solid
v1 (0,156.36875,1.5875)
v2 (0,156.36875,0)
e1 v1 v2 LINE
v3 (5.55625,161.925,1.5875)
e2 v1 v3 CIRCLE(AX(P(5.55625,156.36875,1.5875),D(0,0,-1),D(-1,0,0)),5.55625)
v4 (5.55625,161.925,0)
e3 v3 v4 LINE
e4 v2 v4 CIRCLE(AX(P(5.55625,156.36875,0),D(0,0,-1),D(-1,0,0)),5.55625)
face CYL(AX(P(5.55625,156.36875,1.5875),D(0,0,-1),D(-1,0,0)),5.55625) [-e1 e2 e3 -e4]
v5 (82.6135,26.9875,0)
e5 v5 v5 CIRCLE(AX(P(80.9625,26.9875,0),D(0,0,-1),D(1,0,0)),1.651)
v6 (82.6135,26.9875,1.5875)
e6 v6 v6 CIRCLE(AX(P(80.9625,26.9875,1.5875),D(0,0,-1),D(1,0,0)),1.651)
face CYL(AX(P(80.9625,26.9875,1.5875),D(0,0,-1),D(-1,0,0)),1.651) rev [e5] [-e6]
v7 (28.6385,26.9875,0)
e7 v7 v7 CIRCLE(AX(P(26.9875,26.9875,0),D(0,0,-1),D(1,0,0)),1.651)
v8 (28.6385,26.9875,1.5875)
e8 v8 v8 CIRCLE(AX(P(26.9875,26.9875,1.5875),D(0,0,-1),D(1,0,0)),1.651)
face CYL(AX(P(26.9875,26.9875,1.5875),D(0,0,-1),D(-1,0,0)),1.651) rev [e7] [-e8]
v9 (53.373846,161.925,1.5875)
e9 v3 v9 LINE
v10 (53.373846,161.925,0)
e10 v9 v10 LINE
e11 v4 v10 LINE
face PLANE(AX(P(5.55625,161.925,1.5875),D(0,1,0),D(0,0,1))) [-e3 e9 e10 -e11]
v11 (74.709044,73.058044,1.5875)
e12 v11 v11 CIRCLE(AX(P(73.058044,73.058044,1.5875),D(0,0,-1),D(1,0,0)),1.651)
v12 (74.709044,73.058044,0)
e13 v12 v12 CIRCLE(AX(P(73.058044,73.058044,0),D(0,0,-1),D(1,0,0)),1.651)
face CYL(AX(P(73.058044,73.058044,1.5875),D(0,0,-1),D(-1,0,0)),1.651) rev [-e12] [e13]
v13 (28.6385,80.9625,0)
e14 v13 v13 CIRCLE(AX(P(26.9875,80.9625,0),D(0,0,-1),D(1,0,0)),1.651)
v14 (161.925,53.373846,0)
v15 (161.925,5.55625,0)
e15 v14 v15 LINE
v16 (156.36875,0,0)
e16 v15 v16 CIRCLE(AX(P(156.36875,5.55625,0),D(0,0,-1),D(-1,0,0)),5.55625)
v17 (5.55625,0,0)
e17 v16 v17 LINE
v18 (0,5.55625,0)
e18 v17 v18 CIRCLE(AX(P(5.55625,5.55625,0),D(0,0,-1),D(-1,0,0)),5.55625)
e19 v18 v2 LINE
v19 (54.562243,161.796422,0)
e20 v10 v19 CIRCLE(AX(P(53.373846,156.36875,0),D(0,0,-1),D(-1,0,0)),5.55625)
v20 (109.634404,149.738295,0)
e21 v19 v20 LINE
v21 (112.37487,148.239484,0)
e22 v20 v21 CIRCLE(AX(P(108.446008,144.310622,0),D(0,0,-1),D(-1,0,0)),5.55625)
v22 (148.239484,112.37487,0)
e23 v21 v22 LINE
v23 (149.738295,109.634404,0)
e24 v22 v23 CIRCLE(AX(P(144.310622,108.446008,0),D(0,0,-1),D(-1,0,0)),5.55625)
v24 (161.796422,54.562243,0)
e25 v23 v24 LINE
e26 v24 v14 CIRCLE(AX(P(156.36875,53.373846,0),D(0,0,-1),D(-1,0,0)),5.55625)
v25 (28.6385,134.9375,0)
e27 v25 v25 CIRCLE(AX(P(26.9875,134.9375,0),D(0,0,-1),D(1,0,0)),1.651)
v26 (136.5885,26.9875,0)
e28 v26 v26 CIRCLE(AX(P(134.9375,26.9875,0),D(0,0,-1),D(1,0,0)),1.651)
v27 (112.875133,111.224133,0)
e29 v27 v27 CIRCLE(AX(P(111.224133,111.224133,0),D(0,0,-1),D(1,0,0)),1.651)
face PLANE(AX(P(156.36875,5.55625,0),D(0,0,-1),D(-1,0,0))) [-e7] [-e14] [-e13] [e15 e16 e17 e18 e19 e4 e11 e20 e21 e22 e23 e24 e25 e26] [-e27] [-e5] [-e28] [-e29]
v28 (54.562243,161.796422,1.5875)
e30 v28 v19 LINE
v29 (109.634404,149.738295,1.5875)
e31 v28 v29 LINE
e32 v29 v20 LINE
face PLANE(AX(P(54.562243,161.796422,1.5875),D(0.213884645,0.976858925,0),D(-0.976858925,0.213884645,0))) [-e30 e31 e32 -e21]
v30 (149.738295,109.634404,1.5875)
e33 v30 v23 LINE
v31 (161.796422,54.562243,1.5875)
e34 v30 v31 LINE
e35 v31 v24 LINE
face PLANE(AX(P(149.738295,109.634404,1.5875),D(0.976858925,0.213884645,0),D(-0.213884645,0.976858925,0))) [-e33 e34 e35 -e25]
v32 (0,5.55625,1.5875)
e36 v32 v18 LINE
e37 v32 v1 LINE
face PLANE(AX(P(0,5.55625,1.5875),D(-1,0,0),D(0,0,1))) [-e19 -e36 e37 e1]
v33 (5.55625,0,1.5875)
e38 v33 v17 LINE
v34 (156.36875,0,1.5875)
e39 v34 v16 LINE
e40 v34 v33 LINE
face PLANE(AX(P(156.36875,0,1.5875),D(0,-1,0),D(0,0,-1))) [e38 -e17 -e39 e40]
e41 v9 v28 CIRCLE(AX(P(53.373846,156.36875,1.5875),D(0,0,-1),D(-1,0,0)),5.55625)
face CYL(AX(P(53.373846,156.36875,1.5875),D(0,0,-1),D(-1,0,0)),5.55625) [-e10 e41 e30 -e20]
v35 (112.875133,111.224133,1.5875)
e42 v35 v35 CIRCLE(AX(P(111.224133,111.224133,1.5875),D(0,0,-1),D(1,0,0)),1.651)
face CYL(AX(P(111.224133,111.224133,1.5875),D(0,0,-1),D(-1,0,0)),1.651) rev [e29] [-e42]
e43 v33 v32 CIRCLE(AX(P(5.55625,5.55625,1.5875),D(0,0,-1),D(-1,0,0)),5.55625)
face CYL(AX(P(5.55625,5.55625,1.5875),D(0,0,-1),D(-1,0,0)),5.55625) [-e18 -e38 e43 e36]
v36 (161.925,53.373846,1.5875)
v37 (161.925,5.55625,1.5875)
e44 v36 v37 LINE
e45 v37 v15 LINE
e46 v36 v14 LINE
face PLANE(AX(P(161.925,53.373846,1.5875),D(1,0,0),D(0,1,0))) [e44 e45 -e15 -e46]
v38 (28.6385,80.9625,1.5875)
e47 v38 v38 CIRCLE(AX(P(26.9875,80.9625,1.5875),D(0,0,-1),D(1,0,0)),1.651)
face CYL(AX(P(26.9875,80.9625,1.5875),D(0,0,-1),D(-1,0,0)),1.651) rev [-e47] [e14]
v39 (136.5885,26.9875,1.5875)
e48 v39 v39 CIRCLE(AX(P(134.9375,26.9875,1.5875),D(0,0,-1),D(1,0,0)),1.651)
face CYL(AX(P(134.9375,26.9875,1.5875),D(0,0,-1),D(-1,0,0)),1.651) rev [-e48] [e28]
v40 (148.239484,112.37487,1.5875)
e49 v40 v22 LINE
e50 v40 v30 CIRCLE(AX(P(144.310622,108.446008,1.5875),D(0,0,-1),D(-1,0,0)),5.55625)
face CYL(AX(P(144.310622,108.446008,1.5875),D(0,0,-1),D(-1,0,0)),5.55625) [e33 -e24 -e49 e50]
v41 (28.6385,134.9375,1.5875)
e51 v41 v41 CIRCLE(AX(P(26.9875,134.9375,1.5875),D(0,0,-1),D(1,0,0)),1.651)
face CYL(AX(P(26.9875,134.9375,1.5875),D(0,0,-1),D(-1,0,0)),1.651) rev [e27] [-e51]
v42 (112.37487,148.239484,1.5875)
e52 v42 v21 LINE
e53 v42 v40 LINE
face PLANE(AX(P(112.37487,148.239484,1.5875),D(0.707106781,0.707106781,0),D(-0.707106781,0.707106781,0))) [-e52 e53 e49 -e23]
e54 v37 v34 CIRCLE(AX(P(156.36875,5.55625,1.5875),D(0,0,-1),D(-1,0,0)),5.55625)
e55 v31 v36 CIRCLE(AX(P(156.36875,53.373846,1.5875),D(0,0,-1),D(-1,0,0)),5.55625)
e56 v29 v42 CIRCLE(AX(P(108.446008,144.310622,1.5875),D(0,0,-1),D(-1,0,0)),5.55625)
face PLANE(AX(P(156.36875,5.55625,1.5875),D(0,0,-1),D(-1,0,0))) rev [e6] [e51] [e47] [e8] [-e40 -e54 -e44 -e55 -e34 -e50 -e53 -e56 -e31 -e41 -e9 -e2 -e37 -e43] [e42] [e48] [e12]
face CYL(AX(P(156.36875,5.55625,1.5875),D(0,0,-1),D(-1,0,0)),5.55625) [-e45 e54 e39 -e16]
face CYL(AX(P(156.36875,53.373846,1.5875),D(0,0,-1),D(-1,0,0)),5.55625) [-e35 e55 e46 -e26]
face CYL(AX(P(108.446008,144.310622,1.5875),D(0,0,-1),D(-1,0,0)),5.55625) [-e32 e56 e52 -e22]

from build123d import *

# Parameters (mm, degrees)
SKETCH1_R           = 1.651
BOSS_EXTRUDE1_DEPTH = 1.5875


with BuildPart() as part:
    # Sketch1 → Boss-Extrude1 (new body)
    with BuildSketch(Plane(origin=(0, 0, 0), x_dir=(-1, 0, 0), z_dir=(0, 0, -1))):
        with BuildLine():
            Line((-156.36875, 0), (-5.55625, 0))
            ThreePointArc((-5.55625, 0), (-1.627387947, 1.627387947), (0, 5.55625))
            Line((0, 5.55625), (0, 156.368750002))
            ThreePointArc((0, 156.368750002), (-1.627387947, 160.297612055), (-5.55625, 161.925000002))
            Line((-5.55625, 161.925000002), (-53.373846022, 161.925000002))
            ThreePointArc((-53.373846022, 161.925000002), (-53.971512021, 161.892762078), (-54.562242583, 161.796422402))
            Line((-54.562242583, 161.796422402), (-109.634404321, 149.738294575))
            ThreePointArc((-109.634404321, 149.738294575), (-111.112127046, 149.185426993), (-112.374869815, 148.239484227))
            Line((-112.374869815, 148.239484227), (-148.239484217, 112.374869825))
            ThreePointArc((-148.239484217, 112.374869825), (-149.185426983, 111.112127057), (-149.738294565, 109.634404332))
            Line((-149.738294565, 109.634404332), (-161.796422399, 54.562242596))
            ThreePointArc((-161.796422399, 54.562242596), (-161.892762076, 53.971512033), (-161.925, 53.373846033))
            Line((-161.925, 53.373846033), (-161.925, 5.55625))
            ThreePointArc((-161.925, 5.55625), (-160.297612053, 1.627387947), (-156.36875, 0))
        make_face()
        with Locations((-26.9875, 134.9375)):
            Circle(SKETCH1_R, mode=Mode.SUBTRACT)
        with Locations((-26.9875, 80.9625)):
            Circle(SKETCH1_R, mode=Mode.SUBTRACT)
        with Locations((-26.9875, 26.9875)):
            Circle(SKETCH1_R, mode=Mode.SUBTRACT)
        with Locations((-134.9375, 26.9875)):
            Circle(SKETCH1_R, mode=Mode.SUBTRACT)
        with Locations((-73.058044257, 73.058044257)):
            Circle(SKETCH1_R, mode=Mode.SUBTRACT)
        with Locations((-111.224132771, 111.224132771)):
            Circle(SKETCH1_R, mode=Mode.SUBTRACT)
        with Locations((-80.9625, 26.9875)):
            Circle(SKETCH1_R, mode=Mode.SUBTRACT)
    extrude(amount=-BOSS_EXTRUDE1_DEPTH)


solid = part.part
